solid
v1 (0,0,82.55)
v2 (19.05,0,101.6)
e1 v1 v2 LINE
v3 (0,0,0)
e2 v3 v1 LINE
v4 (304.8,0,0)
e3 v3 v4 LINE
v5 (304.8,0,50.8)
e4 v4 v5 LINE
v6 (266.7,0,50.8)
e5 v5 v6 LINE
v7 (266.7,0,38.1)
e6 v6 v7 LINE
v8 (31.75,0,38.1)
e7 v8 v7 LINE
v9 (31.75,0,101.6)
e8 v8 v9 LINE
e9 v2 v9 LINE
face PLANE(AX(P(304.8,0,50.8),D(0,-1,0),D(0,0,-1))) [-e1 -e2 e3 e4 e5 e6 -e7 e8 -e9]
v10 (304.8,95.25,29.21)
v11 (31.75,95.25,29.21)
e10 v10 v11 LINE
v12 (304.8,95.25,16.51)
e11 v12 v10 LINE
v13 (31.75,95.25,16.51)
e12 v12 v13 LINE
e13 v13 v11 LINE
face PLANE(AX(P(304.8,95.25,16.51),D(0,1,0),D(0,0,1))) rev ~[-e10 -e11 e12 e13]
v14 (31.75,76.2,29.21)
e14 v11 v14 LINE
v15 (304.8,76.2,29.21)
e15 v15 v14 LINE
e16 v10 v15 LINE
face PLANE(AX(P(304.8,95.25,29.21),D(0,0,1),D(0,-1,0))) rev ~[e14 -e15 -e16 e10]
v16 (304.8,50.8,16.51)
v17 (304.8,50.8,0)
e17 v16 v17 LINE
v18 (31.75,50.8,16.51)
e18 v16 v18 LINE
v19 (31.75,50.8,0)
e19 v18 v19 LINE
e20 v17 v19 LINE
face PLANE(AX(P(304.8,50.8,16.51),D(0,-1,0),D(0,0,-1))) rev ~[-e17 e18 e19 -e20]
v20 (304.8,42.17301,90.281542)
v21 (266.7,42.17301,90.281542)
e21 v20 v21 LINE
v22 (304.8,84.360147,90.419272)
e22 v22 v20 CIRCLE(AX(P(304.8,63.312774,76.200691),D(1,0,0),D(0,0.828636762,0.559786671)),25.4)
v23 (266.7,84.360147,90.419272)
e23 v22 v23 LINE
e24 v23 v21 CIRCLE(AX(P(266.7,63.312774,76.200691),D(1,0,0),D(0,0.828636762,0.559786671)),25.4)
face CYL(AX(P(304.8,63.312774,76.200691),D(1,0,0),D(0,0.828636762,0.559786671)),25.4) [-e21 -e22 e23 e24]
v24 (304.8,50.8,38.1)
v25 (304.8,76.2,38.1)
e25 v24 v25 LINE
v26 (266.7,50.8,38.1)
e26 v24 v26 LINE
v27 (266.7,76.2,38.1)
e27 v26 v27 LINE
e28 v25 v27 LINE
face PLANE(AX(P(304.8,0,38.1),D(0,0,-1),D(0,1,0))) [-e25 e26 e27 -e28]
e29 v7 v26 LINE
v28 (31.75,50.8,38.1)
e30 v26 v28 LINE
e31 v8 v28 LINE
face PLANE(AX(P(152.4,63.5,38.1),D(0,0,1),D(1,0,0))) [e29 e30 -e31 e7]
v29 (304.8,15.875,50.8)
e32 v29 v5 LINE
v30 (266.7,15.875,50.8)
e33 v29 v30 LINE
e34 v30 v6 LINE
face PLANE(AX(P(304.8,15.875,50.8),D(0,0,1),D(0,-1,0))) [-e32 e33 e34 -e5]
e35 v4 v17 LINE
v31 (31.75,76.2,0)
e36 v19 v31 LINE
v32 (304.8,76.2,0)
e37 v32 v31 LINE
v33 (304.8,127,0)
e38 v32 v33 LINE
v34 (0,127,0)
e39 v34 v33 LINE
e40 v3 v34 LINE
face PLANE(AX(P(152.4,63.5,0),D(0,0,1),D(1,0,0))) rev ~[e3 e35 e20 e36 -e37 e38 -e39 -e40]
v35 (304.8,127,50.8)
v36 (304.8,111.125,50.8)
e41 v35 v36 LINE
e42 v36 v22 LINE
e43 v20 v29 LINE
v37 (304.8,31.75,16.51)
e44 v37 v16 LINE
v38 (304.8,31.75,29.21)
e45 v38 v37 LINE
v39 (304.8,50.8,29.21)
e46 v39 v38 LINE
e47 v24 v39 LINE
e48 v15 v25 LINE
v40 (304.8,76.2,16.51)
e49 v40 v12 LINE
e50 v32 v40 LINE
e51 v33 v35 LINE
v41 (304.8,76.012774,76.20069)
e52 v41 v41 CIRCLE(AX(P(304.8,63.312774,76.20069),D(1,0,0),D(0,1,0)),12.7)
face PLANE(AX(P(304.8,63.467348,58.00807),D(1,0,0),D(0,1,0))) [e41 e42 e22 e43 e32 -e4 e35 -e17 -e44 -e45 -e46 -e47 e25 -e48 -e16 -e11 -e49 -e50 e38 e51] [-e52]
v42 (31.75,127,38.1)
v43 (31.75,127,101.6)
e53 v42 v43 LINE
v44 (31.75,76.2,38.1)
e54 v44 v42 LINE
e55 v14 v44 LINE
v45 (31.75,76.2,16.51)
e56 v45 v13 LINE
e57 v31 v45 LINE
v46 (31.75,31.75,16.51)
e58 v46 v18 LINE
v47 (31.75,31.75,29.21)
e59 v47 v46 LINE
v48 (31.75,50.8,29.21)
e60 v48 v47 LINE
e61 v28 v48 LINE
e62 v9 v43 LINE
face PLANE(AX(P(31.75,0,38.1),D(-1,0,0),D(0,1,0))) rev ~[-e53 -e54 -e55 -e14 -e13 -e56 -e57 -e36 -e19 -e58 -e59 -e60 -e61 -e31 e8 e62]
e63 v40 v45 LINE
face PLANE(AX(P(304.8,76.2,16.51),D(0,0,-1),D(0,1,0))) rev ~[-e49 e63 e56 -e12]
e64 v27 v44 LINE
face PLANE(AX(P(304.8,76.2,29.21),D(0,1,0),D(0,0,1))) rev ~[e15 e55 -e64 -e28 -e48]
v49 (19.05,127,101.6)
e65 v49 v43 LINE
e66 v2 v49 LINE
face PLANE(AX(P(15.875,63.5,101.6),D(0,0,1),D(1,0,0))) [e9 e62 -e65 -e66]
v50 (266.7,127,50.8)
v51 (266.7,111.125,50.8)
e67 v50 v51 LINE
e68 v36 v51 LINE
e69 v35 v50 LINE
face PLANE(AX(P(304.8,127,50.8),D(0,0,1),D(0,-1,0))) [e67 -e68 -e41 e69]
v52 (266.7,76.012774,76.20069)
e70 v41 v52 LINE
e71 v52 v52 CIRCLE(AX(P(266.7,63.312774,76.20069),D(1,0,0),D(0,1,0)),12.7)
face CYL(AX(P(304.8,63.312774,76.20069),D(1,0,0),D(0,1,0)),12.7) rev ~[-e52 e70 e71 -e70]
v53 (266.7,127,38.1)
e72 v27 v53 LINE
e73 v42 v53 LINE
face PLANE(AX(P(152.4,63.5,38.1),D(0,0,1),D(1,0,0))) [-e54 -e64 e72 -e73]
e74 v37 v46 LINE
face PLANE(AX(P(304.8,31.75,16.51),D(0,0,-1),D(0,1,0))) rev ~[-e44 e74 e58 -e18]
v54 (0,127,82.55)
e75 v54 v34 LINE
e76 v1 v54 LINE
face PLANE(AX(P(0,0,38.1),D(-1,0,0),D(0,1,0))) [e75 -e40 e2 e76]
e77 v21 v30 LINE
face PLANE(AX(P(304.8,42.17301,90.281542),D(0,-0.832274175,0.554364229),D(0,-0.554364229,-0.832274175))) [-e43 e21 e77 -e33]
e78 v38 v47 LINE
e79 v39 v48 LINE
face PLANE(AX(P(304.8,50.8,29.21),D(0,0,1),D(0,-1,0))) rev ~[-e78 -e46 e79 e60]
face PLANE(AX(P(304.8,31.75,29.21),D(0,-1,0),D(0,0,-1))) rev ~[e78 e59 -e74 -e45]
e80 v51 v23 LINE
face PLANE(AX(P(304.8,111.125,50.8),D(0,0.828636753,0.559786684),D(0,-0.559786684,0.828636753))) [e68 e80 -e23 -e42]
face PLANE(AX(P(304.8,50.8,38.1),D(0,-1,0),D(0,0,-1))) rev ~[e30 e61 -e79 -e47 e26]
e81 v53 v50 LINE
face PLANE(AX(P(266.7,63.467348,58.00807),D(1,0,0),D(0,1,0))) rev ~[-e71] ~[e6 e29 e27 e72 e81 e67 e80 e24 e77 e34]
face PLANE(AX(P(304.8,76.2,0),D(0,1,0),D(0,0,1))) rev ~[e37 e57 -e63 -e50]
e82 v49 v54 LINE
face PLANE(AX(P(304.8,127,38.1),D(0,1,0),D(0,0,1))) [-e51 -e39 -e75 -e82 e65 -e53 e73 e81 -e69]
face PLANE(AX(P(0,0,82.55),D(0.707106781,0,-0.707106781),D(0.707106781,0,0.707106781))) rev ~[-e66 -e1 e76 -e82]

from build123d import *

# Parameters (mm, degrees)
F0_W      = 304.8
F0_H      = 127
F1_DEPTH  = 38.1
F2_W      = 31.75
F2_H      = 127
F3_DEPTH  = 63.5
F5_DEPTH  = 127.001
F7_DEPTH  = 273.05
F9_DEPTH  = 38.1
F10_R     = 12.7
F11_DEPTH = 38.1


with BuildPart() as f1:
    # F0 (on Top) → F1 (new body)
    with BuildSketch(Plane.XY):
        with Locations((152.4, 63.5)):
            Rectangle(F0_W, F0_H)
    extrude(amount=F1_DEPTH)

    # F2 (on face) → F3 (join)
    with BuildSketch(Plane.XY.offset(38.1)):
        with Locations((15.875, 63.5)):
            Rectangle(F2_W, F2_H)
    extrude(amount=F3_DEPTH)

    # F4 (on face) → F5 (cut, through all)
    with BuildSketch(Plane.XZ):
        Polygon((19.05, 101.6), (0, 101.6), (0, 82.55), align=None)
    extrude(amount=-F5_DEPTH, mode=Mode.SUBTRACT)

    # F6 (on face) → F7 (cut)
    with BuildSketch(Plane.YZ.offset(304.8)):
        Polygon((50.8, 16.51), (50.8, 0), (76.2, 0), (76.2, 16.51), (95.25, 16.51), (95.25, 29.21), (76.2, 29.21), (76.2, 38.1), (50.8, 38.1), (50.8, 29.21), (31.75, 29.21), (31.75, 16.51), align=None)
    extrude(amount=-F7_DEPTH, mode=Mode.SUBTRACT)

    # F8 (on face) → F9 (join)
    with BuildSketch(Plane.YZ.offset(304.8)):
        with BuildLine():
            Line((0, 50.8), (0, 38.1))
            Line((0, 38.1), (127, 38.1))
            Line((127, 38.1), (127, 50.8))
            Line((127, 50.8), (111.125, 50.8))
            Line((111.125, 50.8), (84.360147, 90.419272))
            ThreePointArc((84.360147, 90.419272), (63.22985, 101.600555), (42.17301, 90.281542))
            Line((42.17301, 90.281542), (15.875, 50.8))
            Line((15.875, 50.8), (0, 50.8))
        make_face()
    extrude(amount=-F9_DEPTH)

    # F10 (on face) → F11 (cut)
    with BuildSketch(Plane.YZ.offset(304.8)):
        with Locations((63.312774, 76.20069)):
            Circle(F10_R)
    extrude(amount=-F11_DEPTH, mode=Mode.SUBTRACT)


solid = f1.part
